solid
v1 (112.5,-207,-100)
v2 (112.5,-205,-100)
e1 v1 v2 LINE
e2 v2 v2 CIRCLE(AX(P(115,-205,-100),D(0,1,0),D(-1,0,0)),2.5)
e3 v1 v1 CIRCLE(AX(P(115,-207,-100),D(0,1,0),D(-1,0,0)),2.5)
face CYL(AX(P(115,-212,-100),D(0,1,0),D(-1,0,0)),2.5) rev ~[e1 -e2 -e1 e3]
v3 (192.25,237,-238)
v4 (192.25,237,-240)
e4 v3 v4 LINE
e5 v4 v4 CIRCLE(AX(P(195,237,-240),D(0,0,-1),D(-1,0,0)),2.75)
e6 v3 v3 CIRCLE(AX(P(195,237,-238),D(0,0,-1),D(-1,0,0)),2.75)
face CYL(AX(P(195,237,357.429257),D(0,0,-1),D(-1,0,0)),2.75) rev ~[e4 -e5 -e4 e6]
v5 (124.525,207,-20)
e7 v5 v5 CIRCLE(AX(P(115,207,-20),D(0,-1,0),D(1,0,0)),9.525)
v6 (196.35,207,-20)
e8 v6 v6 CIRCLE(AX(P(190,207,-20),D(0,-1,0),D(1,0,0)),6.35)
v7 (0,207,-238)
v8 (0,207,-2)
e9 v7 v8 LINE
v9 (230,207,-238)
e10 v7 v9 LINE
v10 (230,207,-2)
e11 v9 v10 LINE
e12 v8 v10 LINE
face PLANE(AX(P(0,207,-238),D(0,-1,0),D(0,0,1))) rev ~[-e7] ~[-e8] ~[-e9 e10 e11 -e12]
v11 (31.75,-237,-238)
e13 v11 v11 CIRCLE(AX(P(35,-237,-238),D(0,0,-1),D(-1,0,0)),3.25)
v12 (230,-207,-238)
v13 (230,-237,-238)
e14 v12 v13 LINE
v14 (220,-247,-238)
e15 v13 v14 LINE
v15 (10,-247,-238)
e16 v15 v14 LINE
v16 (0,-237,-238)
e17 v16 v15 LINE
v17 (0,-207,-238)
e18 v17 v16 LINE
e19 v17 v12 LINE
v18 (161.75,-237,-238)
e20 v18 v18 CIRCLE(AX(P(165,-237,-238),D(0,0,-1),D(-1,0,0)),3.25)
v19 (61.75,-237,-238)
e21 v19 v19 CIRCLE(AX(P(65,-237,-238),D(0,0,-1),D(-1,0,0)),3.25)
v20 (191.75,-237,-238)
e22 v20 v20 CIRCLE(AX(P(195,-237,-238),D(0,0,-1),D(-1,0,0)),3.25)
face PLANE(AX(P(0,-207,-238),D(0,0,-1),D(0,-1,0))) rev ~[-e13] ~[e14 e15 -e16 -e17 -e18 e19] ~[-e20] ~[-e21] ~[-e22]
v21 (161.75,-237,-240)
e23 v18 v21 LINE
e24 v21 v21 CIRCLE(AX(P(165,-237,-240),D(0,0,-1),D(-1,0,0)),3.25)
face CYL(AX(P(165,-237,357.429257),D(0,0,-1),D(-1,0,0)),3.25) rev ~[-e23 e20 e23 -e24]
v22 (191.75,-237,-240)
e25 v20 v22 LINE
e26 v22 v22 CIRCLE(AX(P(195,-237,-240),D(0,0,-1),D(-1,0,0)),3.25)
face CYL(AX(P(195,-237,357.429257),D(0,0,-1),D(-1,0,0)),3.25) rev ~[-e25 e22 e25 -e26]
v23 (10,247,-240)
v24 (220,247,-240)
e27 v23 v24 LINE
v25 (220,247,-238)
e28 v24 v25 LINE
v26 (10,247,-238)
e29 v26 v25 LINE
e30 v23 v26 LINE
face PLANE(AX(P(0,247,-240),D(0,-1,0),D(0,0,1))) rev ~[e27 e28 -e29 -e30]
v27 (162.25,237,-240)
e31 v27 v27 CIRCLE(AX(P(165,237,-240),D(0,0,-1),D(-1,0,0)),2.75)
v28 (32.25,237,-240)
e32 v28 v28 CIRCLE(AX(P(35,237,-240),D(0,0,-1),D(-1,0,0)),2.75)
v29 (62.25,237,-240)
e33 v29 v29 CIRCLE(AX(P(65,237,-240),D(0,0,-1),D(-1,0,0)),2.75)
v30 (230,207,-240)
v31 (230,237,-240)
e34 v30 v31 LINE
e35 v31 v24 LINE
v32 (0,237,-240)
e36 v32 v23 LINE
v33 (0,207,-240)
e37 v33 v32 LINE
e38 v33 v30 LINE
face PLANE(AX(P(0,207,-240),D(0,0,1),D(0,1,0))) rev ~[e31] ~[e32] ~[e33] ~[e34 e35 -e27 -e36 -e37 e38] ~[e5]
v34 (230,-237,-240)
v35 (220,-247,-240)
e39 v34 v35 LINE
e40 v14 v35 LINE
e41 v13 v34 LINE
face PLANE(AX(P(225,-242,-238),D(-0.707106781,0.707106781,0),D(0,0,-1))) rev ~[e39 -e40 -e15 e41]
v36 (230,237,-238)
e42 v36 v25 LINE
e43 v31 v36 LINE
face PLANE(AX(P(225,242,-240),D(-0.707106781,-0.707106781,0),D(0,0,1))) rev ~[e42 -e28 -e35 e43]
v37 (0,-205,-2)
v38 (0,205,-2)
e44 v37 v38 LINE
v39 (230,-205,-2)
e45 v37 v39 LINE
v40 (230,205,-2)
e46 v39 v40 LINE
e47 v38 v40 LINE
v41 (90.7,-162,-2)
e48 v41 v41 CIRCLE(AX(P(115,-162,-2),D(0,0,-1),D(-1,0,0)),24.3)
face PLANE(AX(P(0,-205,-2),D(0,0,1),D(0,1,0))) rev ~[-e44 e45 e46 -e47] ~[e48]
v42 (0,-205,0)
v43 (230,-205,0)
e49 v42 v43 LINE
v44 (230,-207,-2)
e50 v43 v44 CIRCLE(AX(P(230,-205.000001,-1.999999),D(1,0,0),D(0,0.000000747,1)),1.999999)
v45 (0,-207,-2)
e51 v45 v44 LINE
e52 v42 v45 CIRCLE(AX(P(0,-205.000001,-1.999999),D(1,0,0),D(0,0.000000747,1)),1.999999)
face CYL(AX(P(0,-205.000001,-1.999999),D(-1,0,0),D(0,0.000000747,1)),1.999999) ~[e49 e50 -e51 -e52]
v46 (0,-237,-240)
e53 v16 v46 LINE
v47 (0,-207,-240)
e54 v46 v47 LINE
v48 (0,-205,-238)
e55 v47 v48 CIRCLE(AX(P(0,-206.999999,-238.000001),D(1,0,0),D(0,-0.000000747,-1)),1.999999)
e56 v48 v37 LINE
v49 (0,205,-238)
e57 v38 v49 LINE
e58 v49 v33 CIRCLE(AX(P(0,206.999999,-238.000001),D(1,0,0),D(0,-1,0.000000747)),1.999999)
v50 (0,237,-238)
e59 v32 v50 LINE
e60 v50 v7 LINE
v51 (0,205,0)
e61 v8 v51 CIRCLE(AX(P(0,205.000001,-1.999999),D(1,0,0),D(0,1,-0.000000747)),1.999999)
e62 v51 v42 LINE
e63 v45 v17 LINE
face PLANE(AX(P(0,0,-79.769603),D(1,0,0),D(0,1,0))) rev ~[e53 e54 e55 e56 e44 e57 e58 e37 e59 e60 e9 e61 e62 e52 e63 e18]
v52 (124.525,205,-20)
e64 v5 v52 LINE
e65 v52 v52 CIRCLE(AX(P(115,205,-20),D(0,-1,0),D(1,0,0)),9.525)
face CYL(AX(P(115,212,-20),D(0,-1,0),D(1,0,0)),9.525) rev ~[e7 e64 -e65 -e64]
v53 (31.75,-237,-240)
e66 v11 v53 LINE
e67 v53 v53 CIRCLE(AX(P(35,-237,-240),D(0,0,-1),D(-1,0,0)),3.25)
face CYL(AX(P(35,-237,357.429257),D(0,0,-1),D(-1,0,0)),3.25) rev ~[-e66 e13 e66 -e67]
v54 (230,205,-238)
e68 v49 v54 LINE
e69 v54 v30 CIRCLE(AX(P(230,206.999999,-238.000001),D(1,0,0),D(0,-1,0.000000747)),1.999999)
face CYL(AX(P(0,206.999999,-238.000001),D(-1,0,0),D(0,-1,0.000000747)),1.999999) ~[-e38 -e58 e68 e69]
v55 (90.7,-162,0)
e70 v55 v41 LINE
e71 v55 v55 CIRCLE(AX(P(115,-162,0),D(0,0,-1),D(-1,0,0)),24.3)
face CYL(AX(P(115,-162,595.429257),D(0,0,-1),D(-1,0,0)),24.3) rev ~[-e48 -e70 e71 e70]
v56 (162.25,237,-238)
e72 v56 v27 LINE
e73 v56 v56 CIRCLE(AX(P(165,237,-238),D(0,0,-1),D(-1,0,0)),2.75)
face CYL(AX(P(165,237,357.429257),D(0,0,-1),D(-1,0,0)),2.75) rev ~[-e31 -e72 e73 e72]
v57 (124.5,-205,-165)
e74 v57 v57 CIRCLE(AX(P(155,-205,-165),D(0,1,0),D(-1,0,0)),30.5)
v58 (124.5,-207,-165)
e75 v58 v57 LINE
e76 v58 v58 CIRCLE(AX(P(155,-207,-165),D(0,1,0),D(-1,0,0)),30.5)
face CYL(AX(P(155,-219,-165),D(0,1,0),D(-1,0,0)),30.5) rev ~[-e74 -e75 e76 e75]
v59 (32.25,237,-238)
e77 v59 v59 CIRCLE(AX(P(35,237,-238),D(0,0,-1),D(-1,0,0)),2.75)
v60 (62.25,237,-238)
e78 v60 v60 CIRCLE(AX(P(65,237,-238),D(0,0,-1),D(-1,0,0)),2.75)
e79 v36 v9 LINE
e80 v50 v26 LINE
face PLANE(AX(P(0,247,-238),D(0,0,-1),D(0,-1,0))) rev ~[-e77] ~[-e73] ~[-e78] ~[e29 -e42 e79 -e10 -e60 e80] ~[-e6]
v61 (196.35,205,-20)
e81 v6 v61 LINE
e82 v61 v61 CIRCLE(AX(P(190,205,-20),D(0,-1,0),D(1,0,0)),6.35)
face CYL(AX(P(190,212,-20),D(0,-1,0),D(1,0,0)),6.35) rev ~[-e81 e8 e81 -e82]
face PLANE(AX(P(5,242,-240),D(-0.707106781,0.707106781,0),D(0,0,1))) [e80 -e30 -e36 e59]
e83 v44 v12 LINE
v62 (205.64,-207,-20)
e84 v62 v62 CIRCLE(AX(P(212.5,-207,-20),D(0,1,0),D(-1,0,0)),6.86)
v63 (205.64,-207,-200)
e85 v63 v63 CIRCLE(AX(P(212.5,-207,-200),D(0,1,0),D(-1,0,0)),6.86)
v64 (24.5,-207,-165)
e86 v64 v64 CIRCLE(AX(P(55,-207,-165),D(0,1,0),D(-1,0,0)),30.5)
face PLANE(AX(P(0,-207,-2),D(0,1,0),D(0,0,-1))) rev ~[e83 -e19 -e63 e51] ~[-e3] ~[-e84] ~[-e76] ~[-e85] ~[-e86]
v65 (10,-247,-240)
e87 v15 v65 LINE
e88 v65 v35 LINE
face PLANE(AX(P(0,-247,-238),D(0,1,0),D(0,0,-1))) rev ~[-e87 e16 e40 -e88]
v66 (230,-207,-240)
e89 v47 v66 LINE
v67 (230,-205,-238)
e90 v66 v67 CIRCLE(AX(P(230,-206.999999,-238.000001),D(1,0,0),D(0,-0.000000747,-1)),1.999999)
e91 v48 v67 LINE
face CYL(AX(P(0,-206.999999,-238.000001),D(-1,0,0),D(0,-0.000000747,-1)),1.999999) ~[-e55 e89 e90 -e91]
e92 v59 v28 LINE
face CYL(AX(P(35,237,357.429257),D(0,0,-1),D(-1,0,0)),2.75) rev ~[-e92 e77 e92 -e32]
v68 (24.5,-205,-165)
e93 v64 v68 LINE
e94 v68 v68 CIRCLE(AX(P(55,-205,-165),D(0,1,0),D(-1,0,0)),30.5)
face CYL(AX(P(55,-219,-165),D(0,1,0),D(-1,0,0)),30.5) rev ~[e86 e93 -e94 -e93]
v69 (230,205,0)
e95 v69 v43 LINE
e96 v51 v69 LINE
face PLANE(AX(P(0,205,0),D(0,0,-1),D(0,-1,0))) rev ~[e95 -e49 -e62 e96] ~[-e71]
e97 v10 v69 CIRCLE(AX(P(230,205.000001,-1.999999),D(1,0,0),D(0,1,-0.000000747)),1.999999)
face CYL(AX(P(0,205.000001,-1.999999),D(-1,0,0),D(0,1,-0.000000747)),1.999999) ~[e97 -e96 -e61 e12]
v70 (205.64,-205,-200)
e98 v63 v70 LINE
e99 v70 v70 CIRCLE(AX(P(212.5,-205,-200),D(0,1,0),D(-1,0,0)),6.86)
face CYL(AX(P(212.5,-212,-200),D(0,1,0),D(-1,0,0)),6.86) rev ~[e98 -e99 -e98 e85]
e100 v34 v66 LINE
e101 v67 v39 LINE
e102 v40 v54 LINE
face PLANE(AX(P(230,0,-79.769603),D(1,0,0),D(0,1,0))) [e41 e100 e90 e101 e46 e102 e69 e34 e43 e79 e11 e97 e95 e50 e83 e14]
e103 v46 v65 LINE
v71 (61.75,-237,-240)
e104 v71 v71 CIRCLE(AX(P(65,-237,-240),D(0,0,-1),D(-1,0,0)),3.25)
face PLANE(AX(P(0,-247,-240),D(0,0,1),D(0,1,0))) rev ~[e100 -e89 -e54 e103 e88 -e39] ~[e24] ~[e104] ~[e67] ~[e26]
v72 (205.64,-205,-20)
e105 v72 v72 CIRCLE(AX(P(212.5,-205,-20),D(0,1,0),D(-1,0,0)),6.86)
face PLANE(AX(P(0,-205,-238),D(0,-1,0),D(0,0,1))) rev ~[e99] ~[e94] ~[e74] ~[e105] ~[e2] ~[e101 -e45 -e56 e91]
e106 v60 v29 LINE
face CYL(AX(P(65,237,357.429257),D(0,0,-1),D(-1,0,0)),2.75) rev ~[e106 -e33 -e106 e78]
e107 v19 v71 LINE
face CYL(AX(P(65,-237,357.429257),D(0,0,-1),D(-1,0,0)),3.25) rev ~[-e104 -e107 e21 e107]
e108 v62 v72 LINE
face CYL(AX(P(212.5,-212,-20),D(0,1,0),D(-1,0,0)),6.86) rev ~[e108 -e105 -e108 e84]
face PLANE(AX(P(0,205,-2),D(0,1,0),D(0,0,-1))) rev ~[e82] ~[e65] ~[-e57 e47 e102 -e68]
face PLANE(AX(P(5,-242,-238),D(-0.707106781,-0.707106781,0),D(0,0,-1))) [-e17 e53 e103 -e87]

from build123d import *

# Parameters (mm, degrees)
F1_DEPTH  = 230
F3_D      = 48.6
F5_D      = 6.5
F6_D      = 5.5
F7_SIZE   = 10
F9_D      = 61
F9_DEPTH  = 12
F10_D     = 5
F10_DEPTH = 5
F11_D     = 13.72
F11_DEPTH = 5
F13_D     = 12.7
F13_DEPTH = 5
F14_D     = 19.05
F14_DEPTH = 5


with BuildPart() as f1:
    # F0 (on Right) → F1 (new body)
    with BuildSketch(Plane.YZ):
        with BuildLine():
            Line((205, 0), (-205, 0))
            ThreePointArc((-205, 0), (-206.414214, -0.585786), (-207, -2))
            Line((-207, -2), (-207, -238))
            Line((-207, -238), (-247, -238))
            Line((-247, -238), (-247, -240))
            Line((-247, -240), (-207, -240))
            ThreePointArc((-207, -240), (-205.585786, -239.414214), (-205, -238))
            Line((-205, -238), (-205, -2))
            Line((-205, -2), (205, -2))
            Line((205, -2), (205, -238))
            ThreePointArc((205, -238), (205.585786, -239.414214), (207, -240))
            Line((207, -240), (247, -240))
            Line((247, -240), (247, -238))
            Line((247, -238), (207, -238))
            Line((207, -238), (207, -2))
            ThreePointArc((207, -2), (206.414214, -0.585786), (205, 0))
        make_face()
    extrude(amount=F1_DEPTH)

    # F3 (through all)
    with Locations(Plane.XY):
        with Locations((115, -162)):
            Hole(F3_D / 2)

    # F5 (through all)
    with Locations(Plane.XY.offset(-238)):
        with Locations((35, -237), (65, -237), (165, -237), (195, -237)):
            Hole(F5_D / 2)

    # F6 (through all)
    with Locations(Plane.XY.offset(-238)):
        with Locations((35, 237), (65, 237), (165, 237), (195, 237)):
            Hole(F6_D / 2)

    # F7
    f7_edges = [f1.edges().sort_by_distance(p)[0] for p in [
        (0, -247, -239),
        (230, -247, -239),
        (230, 247, -239),
        (0, 247, -239),
    ]]
    chamfer(f7_edges, length=F7_SIZE)

    # F9
    with Locations(Plane.XZ.offset(207)):
        with Locations((55, -165), (155, -165)):
            Hole(F9_D / 2, depth=F9_DEPTH)

    # F10
    with Locations(Plane.XZ.offset(207)):
        with Locations((115, -100)):
            Hole(F10_D / 2, depth=F10_DEPTH)

    # F11
    with Locations(Plane.XZ.offset(207)):
        with Locations((212.5, -20), (212.5, -200)):
            Hole(F11_D / 2, depth=F11_DEPTH)

    # F13
    with Locations(Plane(origin=(0, 207, 0), x_dir=(-1, 0, 0), z_dir=(0, 1, 0))):
        with Locations((-190, -20)):
            Hole(F13_D / 2, depth=F13_DEPTH)

    # F14
    with Locations(Plane(origin=(0, 207, 0), x_dir=(-1, 0, 0), z_dir=(0, 1, 0))):
        with Locations((-115, -20)):
            Hole(F14_D / 2, depth=F14_DEPTH)


solid = f1.part
